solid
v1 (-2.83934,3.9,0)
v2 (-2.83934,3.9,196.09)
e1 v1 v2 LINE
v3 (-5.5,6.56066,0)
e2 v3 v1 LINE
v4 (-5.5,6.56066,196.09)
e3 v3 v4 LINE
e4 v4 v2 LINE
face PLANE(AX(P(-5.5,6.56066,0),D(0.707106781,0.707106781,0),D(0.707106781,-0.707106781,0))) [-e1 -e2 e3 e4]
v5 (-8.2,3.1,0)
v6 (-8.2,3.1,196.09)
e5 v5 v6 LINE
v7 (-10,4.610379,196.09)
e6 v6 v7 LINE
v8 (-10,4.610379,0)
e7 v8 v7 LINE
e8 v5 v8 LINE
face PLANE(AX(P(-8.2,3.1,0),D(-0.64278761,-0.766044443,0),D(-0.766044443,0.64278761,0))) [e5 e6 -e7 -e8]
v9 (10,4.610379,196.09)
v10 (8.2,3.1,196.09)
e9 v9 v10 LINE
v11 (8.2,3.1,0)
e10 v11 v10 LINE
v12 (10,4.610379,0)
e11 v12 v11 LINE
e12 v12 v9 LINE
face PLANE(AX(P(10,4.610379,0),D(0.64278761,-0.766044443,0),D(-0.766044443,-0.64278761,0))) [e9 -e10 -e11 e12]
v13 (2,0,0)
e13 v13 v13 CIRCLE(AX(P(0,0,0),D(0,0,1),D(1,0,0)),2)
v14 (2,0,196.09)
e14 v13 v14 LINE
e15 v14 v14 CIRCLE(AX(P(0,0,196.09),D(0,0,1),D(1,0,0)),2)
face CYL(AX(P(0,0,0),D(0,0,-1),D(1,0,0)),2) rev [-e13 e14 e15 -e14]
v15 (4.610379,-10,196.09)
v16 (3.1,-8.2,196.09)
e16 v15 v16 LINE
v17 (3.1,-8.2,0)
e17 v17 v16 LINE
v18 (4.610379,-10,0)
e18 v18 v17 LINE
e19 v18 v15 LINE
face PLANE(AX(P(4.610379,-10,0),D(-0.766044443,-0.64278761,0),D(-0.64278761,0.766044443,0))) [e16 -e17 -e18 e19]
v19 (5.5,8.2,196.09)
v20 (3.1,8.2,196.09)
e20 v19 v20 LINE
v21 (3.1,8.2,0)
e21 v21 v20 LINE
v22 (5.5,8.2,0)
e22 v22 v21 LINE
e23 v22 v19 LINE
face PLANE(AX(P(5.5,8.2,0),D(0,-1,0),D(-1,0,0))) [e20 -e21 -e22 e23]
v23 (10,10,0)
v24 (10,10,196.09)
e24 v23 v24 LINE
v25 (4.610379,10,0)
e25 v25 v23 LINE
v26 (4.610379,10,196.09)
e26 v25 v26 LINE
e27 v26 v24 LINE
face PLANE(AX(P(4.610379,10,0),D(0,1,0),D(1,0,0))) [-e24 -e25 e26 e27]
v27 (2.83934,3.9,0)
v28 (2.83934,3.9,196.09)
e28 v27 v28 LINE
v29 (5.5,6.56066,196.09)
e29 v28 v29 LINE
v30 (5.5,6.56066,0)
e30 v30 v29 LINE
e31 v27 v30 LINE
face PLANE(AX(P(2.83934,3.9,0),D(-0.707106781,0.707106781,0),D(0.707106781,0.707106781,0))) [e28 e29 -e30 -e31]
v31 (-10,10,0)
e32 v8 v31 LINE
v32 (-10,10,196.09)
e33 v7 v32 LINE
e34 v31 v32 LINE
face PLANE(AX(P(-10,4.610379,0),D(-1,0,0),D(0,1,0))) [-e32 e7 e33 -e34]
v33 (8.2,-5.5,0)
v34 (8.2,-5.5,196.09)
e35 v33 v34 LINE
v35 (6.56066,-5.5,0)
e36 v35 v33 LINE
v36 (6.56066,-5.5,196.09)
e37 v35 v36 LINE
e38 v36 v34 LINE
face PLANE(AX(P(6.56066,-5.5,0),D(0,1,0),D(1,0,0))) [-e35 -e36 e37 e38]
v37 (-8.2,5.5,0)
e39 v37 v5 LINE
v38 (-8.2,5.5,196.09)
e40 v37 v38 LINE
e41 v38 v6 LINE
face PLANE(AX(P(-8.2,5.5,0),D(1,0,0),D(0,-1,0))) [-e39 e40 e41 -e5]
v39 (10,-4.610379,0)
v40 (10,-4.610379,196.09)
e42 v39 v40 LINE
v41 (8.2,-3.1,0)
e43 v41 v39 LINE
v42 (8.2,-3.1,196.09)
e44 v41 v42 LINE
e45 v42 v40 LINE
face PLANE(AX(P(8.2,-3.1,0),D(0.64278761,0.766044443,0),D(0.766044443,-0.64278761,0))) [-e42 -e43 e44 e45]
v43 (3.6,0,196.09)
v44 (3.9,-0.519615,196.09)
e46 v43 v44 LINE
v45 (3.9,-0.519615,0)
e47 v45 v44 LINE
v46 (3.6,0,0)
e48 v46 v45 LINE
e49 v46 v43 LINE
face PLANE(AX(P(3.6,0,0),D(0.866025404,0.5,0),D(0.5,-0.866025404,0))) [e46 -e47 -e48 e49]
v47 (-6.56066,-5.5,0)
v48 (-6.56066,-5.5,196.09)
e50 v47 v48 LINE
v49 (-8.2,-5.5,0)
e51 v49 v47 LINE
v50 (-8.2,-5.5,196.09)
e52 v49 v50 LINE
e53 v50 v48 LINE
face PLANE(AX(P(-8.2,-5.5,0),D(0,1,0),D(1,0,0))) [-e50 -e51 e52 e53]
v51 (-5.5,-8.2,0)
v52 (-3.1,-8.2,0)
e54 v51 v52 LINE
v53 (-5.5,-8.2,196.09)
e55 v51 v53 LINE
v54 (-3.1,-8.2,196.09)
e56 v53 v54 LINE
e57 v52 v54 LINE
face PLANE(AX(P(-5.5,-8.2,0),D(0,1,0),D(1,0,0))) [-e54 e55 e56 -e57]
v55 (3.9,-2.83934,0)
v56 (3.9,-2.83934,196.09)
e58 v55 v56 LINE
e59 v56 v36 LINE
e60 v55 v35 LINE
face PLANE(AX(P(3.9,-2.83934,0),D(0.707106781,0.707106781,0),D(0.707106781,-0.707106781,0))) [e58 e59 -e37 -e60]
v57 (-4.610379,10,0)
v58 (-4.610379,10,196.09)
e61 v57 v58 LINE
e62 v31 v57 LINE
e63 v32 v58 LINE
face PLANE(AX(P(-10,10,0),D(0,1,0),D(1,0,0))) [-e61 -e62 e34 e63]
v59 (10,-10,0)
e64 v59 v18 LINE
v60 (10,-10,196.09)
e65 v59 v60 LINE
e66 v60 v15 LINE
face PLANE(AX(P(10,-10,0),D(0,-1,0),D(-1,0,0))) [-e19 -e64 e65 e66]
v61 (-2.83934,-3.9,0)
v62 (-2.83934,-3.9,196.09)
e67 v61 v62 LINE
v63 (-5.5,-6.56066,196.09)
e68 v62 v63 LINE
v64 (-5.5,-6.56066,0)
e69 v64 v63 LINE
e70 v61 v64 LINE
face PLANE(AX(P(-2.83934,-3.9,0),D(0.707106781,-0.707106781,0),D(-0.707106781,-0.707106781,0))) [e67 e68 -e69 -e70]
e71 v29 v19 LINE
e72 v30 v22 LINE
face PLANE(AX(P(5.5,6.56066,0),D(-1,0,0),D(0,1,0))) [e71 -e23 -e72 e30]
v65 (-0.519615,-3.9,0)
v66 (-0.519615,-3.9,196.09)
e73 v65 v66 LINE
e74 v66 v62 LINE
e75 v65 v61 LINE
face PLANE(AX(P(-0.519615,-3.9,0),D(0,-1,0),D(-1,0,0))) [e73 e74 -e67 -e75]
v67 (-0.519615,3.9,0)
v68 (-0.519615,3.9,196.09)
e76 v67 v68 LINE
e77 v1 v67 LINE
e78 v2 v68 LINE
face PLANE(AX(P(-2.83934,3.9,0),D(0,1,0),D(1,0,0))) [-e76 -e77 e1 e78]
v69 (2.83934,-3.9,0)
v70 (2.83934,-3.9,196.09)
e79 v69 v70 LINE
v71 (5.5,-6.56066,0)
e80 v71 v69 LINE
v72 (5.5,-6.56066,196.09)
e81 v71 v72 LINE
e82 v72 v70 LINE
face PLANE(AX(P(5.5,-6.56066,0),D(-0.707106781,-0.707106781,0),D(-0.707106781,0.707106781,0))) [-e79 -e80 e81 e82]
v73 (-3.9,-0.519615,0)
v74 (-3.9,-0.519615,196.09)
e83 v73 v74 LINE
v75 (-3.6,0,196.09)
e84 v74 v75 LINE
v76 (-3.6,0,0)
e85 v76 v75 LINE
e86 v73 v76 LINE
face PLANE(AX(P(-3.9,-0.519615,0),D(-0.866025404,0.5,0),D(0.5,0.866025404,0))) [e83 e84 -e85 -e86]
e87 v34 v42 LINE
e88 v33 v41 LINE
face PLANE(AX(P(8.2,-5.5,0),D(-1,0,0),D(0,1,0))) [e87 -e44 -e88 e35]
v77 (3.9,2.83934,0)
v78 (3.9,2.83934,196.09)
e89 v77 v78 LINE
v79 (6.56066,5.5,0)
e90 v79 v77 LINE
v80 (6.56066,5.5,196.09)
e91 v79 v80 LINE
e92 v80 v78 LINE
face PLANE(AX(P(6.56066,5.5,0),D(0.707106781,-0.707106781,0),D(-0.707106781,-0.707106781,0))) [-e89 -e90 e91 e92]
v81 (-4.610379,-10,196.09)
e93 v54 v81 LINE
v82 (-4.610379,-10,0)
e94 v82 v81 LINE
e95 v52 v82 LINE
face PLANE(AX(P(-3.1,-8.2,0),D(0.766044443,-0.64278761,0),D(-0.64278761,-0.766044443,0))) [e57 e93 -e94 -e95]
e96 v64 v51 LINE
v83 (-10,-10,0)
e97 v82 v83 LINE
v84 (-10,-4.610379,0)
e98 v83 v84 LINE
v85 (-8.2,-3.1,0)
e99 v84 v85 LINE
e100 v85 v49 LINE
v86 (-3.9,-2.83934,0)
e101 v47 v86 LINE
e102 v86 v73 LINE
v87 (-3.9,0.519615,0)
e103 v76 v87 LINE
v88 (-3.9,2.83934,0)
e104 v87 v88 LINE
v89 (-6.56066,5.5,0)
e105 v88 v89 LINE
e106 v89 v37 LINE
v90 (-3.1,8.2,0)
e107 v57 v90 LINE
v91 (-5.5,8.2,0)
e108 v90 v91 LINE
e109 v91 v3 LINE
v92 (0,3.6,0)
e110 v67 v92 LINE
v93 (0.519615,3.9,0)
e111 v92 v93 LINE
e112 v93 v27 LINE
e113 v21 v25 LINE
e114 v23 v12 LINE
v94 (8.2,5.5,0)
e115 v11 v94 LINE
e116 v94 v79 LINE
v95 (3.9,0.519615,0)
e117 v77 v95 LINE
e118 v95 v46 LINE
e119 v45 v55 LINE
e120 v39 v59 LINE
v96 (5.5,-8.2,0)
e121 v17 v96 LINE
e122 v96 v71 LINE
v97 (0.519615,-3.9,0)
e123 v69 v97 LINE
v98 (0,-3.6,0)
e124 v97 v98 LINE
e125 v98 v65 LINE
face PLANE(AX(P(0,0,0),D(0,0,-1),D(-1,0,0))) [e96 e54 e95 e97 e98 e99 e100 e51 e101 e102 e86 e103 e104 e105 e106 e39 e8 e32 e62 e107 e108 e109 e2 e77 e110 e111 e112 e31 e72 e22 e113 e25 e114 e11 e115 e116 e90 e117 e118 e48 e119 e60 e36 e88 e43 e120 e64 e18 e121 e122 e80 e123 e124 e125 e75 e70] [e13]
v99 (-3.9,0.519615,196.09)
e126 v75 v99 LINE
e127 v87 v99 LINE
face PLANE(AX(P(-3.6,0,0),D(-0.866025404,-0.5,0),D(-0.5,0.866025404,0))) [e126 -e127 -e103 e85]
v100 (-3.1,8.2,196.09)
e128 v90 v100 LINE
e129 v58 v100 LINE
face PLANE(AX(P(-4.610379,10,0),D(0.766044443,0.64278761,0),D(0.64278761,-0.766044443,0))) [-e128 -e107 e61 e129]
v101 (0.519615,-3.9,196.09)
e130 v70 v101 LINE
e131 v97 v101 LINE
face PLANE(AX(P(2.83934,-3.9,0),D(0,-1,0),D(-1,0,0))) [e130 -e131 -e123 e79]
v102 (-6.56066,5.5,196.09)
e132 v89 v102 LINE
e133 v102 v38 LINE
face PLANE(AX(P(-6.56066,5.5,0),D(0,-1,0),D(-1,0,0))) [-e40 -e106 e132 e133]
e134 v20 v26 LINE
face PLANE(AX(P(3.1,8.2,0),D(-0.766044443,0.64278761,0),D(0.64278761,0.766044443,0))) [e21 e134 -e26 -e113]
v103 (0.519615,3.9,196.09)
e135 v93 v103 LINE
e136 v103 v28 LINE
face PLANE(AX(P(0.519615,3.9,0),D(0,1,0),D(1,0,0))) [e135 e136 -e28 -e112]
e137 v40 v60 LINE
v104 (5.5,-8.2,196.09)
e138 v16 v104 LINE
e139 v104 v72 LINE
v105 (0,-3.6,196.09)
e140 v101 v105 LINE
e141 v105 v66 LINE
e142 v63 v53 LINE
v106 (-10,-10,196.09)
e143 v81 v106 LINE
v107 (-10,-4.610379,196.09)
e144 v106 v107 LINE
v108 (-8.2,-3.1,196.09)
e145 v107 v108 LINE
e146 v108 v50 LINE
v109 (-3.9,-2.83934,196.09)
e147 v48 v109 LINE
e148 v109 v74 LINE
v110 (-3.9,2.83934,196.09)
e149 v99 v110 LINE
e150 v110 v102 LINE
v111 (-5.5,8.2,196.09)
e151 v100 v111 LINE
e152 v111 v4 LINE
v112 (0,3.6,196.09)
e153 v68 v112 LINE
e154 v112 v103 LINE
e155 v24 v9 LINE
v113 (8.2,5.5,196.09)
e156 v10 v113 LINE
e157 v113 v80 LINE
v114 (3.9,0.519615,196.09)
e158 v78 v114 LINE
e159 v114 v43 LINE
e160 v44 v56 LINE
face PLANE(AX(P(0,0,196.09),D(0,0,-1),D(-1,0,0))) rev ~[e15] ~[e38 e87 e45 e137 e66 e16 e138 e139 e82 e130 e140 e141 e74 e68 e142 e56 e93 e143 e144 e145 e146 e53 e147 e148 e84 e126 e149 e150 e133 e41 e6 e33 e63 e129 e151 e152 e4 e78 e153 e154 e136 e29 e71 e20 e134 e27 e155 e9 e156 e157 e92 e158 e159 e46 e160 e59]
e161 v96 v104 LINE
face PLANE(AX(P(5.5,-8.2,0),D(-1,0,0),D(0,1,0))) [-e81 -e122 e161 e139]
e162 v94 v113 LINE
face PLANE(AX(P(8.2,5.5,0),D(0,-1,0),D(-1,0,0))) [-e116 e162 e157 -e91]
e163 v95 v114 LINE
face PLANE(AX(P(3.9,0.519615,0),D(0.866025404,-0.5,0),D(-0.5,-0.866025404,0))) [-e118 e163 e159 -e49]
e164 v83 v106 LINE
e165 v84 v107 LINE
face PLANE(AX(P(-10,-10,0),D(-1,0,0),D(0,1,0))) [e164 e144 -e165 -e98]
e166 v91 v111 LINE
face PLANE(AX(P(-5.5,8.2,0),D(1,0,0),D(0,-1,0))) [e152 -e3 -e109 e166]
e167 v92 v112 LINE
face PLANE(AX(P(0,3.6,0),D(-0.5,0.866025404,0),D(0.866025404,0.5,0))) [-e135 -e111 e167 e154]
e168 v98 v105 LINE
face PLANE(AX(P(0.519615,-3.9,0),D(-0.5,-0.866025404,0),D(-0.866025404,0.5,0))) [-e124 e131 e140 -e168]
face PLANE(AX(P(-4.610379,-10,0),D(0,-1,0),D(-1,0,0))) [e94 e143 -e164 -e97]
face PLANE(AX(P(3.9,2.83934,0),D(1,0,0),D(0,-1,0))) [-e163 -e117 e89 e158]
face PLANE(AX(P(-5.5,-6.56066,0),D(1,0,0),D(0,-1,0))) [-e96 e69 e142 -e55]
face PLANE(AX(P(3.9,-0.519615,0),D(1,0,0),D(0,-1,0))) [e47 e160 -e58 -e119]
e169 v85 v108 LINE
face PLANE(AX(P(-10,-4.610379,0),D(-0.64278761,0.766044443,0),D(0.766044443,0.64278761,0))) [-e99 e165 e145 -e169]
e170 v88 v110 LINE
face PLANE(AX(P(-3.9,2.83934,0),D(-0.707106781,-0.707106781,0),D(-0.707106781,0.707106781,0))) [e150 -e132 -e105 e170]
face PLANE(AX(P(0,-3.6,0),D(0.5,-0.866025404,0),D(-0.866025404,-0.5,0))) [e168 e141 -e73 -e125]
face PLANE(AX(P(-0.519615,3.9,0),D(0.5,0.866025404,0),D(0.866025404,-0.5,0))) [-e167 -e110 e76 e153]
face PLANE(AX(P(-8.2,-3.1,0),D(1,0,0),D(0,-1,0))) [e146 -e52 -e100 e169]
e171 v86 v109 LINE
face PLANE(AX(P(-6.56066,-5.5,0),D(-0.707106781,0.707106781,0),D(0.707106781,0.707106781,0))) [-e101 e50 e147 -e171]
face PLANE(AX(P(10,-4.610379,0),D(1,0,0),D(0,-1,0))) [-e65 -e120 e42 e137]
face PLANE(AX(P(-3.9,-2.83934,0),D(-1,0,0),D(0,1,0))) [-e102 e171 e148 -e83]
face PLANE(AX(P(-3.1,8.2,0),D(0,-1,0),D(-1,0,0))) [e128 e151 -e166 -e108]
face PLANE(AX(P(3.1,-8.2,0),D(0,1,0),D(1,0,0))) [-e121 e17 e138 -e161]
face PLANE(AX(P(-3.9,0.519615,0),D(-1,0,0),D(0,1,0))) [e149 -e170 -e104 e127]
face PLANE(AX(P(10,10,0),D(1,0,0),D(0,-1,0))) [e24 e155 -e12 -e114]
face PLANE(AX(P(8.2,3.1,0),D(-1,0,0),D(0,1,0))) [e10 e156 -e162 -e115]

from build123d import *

# Parameters (mm, degrees)
SKETCH1_R           = 2
BOSS_EXTRUDE1_DEPTH = 196.09


with BuildPart() as part:
    # Sketch1 → Boss-Extrude1 (new body)
    with BuildSketch(Plane.XY):
        Polygon((10, 10), (10, 4.610379336), (8.2, 3.1), (8.2, 5.5), (6.560660172, 5.5), (3.9, 2.839339828), (3.9, 0.519615242), (3.6, 0), (3.9, -0.519615242), (3.9, -2.839339828), (6.560660172, -5.5), (8.2, -5.5), (8.2, -3.1), (10, -4.610379336), (10, -10), (4.610379336, -10), (3.1, -8.2), (5.5, -8.2), (5.5, -6.560660172), (2.839339828, -3.9), (0.519615242, -3.9), (0, -3.6), (-0.519615242, -3.9), (-2.839339828, -3.9), (-5.5, -6.560660172), (-5.5, -8.2), (-3.1, -8.2), (-4.610379336, -10), (-10, -10), (-10, -4.610379336), (-8.2, -3.1), (-8.2, -5.5), (-6.560660172, -5.5), (-3.9, -2.839339828), (-3.9, -0.519615242), (-3.6, 0), (-3.9, 0.519615242), (-3.9, 2.839339828), (-6.560660172, 5.5), (-8.2, 5.5), (-8.2, 3.1), (-10, 4.610379336), (-10, 10), (-4.610379336, 10), (-3.1, 8.2), (-5.5, 8.2), (-5.5, 6.560660172), (-2.839339828, 3.9), (-0.519615242, 3.9), (0, 3.6), (0.519615242, 3.9), (2.839339828, 3.9), (5.5, 6.560660172), (5.5, 8.2), (3.1, 8.2), (4.610379336, 10), align=None)
        Circle(SKETCH1_R, mode=Mode.SUBTRACT)
    extrude(amount=BOSS_EXTRUDE1_DEPTH)


solid = part.part
